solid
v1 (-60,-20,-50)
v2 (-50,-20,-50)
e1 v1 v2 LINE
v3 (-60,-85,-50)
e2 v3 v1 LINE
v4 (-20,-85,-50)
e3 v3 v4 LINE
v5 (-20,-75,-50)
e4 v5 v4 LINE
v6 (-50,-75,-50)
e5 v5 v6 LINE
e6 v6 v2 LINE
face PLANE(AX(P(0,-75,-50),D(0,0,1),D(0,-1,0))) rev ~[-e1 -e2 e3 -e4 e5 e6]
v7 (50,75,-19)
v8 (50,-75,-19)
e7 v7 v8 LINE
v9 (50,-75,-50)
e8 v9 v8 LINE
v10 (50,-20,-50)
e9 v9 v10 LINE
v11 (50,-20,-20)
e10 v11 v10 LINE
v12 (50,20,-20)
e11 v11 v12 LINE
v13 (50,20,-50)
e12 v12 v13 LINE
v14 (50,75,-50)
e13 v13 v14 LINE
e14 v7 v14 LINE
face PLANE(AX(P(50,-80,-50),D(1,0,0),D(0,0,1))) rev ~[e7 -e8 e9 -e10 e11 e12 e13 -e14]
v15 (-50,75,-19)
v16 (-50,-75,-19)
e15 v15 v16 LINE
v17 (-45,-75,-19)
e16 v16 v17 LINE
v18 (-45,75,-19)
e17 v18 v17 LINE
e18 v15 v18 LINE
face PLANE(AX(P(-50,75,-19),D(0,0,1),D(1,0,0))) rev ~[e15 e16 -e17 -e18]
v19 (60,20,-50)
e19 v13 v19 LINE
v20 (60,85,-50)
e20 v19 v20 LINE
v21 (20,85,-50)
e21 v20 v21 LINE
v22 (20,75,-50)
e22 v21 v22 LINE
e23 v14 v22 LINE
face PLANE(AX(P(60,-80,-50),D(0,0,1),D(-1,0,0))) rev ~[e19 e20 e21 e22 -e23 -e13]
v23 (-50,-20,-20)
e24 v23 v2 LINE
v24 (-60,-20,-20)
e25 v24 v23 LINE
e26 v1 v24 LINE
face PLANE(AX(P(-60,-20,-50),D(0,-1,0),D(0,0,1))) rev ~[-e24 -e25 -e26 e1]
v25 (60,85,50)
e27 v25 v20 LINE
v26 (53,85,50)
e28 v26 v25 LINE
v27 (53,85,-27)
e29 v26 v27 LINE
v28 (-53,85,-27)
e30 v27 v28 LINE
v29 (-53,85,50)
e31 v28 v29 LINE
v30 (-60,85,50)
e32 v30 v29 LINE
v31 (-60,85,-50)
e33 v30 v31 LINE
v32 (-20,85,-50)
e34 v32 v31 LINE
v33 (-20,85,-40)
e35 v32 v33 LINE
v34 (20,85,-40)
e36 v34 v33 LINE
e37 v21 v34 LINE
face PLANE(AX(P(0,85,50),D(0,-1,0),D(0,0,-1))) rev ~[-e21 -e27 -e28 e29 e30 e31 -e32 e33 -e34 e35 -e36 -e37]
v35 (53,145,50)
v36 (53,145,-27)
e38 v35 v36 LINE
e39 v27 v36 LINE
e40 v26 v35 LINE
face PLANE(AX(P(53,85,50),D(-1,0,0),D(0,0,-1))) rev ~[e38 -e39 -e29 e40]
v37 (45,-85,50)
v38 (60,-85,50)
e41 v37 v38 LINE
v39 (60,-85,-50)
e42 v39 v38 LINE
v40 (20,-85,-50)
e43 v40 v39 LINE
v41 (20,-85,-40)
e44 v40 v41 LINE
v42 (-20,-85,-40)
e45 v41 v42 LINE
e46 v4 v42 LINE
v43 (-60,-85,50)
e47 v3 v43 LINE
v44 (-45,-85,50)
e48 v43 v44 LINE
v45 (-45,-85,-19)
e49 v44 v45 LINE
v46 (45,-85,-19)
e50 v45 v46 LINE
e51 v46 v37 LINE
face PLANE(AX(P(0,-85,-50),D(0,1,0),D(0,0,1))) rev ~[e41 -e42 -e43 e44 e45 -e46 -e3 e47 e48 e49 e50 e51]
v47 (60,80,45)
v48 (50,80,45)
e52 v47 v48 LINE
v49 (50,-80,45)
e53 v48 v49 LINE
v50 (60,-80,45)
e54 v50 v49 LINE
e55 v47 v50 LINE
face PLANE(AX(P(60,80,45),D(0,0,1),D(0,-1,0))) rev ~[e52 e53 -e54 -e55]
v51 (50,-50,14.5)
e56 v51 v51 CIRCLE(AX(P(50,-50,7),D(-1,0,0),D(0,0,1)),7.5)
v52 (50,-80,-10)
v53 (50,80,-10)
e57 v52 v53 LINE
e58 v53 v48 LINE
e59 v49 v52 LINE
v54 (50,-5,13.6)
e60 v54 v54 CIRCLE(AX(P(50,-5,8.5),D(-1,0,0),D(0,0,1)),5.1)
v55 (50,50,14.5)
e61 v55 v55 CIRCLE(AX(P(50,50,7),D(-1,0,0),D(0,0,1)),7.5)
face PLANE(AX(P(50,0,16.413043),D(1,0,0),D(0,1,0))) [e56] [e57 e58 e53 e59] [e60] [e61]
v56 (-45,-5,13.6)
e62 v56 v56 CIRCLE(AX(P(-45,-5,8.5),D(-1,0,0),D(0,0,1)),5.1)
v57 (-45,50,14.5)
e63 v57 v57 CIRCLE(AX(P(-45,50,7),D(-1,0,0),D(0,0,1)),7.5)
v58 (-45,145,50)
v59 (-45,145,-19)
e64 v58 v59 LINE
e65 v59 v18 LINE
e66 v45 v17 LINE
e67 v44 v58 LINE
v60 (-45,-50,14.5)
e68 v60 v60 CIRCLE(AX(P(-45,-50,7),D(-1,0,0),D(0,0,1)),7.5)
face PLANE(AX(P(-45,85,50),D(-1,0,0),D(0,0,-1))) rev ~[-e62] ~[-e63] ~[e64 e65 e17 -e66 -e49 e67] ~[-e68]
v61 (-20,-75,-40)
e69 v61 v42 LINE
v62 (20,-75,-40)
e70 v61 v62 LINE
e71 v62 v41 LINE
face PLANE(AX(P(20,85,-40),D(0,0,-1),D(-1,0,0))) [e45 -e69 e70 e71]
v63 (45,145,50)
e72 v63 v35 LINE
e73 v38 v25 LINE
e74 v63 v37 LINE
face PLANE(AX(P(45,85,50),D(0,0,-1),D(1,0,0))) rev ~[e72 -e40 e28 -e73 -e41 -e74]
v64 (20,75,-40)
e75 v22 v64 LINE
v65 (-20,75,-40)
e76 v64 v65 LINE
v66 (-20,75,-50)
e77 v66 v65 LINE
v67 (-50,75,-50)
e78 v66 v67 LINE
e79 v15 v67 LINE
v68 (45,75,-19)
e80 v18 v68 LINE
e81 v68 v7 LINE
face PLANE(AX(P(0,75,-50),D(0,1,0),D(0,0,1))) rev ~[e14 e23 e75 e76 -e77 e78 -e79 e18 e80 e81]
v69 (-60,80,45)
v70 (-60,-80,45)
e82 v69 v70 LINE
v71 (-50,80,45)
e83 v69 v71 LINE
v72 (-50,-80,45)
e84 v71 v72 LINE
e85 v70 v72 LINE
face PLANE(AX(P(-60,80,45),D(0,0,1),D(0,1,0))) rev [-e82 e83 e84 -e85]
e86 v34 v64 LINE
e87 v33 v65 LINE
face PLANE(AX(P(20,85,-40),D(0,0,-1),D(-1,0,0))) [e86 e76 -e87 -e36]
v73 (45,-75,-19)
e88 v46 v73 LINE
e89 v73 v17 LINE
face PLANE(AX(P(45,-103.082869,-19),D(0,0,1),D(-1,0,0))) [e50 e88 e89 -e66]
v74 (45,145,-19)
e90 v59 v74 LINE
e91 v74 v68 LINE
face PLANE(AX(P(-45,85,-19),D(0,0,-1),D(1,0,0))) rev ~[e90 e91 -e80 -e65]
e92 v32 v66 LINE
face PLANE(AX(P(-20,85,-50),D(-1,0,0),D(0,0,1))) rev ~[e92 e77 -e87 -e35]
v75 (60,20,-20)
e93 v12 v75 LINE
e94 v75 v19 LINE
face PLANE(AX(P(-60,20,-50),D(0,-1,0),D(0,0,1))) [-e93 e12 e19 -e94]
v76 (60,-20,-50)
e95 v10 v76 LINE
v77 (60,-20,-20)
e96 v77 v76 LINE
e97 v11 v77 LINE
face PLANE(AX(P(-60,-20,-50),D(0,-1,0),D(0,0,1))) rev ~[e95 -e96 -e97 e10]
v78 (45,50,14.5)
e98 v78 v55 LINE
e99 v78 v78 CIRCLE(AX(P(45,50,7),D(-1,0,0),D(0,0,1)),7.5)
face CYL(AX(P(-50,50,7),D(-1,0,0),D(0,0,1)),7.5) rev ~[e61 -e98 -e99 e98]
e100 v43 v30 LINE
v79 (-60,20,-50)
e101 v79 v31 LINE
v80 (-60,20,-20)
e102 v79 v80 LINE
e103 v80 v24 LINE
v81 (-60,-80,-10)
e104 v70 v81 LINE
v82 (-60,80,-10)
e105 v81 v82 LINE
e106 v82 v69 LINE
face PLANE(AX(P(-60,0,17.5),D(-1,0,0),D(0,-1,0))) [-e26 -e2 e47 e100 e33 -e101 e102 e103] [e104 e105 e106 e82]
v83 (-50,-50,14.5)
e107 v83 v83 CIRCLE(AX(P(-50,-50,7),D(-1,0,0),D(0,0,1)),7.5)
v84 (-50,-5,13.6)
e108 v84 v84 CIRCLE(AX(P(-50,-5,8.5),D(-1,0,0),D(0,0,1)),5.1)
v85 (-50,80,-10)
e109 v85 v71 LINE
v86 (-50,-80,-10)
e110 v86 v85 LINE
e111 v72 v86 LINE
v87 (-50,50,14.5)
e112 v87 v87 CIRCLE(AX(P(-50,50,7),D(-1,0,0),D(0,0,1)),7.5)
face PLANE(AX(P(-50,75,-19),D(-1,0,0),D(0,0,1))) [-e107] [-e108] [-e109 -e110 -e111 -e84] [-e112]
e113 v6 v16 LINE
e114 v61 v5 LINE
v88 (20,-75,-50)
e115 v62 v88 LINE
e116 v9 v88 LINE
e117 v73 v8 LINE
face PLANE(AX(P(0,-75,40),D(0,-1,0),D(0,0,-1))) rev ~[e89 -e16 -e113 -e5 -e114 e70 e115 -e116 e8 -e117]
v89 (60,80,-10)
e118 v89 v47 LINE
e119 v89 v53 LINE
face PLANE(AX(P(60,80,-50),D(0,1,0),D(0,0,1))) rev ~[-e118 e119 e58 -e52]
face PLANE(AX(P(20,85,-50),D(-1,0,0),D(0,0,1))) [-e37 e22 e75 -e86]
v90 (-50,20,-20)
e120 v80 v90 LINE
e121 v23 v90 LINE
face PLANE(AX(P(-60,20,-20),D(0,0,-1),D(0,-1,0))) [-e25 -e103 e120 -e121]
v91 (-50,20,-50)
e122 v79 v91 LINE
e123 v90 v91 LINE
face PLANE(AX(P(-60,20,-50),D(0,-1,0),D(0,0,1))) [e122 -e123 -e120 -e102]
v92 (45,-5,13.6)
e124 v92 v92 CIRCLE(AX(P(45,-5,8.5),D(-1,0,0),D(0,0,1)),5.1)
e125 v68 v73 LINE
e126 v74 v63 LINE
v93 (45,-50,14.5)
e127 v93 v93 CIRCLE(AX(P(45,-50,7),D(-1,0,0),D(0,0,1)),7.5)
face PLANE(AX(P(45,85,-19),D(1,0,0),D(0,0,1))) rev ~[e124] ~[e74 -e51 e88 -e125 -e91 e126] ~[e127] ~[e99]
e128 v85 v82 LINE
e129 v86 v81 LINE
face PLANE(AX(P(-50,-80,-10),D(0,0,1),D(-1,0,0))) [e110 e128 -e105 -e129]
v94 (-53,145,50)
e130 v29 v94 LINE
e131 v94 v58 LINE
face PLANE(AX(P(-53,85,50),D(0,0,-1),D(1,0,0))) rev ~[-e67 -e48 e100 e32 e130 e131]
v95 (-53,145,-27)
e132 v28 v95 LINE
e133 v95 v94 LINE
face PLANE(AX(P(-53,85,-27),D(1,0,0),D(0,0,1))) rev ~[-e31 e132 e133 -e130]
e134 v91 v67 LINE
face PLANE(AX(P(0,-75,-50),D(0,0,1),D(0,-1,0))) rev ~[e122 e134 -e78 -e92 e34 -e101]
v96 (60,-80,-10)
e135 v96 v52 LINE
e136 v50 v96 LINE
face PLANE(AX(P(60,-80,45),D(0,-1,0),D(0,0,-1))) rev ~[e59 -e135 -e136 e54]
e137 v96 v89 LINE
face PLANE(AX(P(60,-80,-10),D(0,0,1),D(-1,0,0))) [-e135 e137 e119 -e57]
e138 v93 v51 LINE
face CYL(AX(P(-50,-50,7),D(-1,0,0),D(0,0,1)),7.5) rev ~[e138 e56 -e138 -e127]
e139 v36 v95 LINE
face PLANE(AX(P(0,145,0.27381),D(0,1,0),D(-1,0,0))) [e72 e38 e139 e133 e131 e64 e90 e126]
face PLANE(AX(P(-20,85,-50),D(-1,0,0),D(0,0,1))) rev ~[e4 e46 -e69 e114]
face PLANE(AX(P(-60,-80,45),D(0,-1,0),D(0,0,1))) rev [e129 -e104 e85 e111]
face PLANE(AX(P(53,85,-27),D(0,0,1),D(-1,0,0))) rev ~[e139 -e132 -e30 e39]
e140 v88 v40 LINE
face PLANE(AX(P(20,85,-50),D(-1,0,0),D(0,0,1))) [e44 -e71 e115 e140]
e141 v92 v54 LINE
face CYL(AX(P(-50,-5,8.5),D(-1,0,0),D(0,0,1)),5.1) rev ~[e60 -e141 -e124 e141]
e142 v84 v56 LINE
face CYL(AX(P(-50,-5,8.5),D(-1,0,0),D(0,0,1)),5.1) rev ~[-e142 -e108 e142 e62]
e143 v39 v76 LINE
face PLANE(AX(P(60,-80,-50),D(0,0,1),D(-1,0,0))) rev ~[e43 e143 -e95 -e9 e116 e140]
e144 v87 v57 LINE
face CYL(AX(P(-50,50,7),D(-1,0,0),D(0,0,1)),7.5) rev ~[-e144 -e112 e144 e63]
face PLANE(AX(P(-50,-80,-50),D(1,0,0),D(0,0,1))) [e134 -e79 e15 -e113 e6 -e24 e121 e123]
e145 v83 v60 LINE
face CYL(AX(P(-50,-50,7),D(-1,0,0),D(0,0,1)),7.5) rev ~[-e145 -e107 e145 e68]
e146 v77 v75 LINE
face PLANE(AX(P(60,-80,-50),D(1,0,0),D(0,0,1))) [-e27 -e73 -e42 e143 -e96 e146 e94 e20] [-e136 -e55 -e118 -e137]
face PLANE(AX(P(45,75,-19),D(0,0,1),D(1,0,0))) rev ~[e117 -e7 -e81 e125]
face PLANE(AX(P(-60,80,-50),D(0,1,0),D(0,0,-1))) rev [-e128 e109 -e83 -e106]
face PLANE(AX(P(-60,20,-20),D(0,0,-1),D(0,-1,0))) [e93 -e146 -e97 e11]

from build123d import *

# Parameters (mm, degrees)
BOSS_EXTRUDE1_DEPTH     = 60
CUT_EXTRUDE2_DEPTH      = 10
SKETCH4_R               = 1.5
CUT_EXTRUDE3_DEPTH      = 145.308696897
CUT_EXTRUDE4_DEPTH      = 188.082869339
CUT_EXTRUDE4_DEPTH_BACK = 188.082869339
SKETCH6_W               = 5
SKETCH6_H               = 59
BOSS_EXTRUDE2_DEPTH     = 150
SKETCH7_R               = 7.5
SKETCH7_R_2             = 5.1
CUT_EXTRUDE5_DEPTH      = 148.732867027
SKETCH9_W               = 40
SKETCH9_H               = 10
CUT_EXTRUDE6_DEPTH      = 188.082869339
SKETCH11_W              = 10
SKETCH11_H              = 40
BOSS_EXTRUDE6_DEPTH     = 160
SKETCH13_W              = 40
SKETCH13_H              = 30
CUT_EXTRUDE7_DEPTH      = 156.32224567
BOSS_EXTRUDE7_DEPTH     = 60


with BuildPart() as part:
    # Sketch1 → Boss-Extrude1 (new, symmetric)
    with BuildSketch(Plane.YZ):
        Polygon((85, 50), (85, -50), (75, -50), (75, 40), (-75, 40), (-75, -50), (-85, -50), (-85, 50), align=None)
    extrude(amount=BOSS_EXTRUDE1_DEPTH, both=True)

    # Sketch3 → Cut-Extrude2 (cut)
    with BuildSketch(Plane.YZ.offset(60)):
        Polygon((-80, 45), (-80, -50), (-75, -50), (-75, 40), (75, 40), (75, -50), (80, -50), (80, 45), align=None)
    cut_extrude2 = extrude(amount=-CUT_EXTRUDE2_DEPTH, mode=Mode.SUBTRACT)

    # Mirror1: Cut-Extrude2 across plane
    add(cut_extrude2.mirror(Plane(origin=(0, 0, 0), x_dir=(0, 0, 1), z_dir=(1, 0, 0))), mode=Mode.SUBTRACT)

    # Sketch4 → Cut-Extrude3 (cut, through all)
    with BuildSketch(Plane.XY.offset(50)):
        with Locations((-35, 0)):
            Circle(SKETCH4_R)
        with Locations((35, 0)):
            Circle(SKETCH4_R)
        with Locations((-35, 60)):
            Circle(SKETCH4_R)
        with Locations((35, 60)):
            Circle(SKETCH4_R)
    extrude(amount=-CUT_EXTRUDE3_DEPTH, mode=Mode.SUBTRACT)

    # Sketch5 → Cut-Extrude4 (cut, two sides: drawn at the far end of the back side and taken through both)
    with BuildSketch(Plane(origin=(0, 85, 0), x_dir=(-1, 0, 0), z_dir=(0, 1, 0)).offset(-CUT_EXTRUDE4_DEPTH_BACK)):
        Polygon((45, 50), (-45, 50), (-45, -19), (20, -19), (45, -19), align=None)
    extrude(amount=CUT_EXTRUDE4_DEPTH + CUT_EXTRUDE4_DEPTH_BACK, mode=Mode.SUBTRACT)

    # Sketch6 → Boss-Extrude2 (add)
    with BuildSketch(Plane.XZ.offset(-75)):
        with Locations((-47.5, 10.5)):
            Rectangle(SKETCH6_W, SKETCH6_H)
        with Locations((47.5, 10.5)):
            Rectangle(SKETCH6_W, SKETCH6_H)
    extrude(amount=BOSS_EXTRUDE2_DEPTH)

    # Sketch7 → Cut-Extrude5 (cut, through all)
    with BuildSketch(Plane(origin=(-50, 0, 0), x_dir=(0, -1, 0), z_dir=(-1, 0, 0))):
        with Locations(Location((-50, 7, 0), (0, 0, 90))):
            Circle(SKETCH7_R)
        with Locations(Location((5, 8.5, 0), (0, 0, 90))):
            Circle(SKETCH7_R_2)
        with Locations(Location((50, 7, 0), (0, 0, 90))):
            Circle(SKETCH7_R)
    extrude(amount=-CUT_EXTRUDE5_DEPTH, mode=Mode.SUBTRACT)

    # Sketch9 → Cut-Extrude6 (cut, through all)
    with BuildSketch(Plane(origin=(0, 85, 0), x_dir=(-1, 0, 0), z_dir=(0, 1, 0))):
        with Locations((0, -45)):
            Rectangle(SKETCH9_W, SKETCH9_H)
    extrude(amount=-CUT_EXTRUDE6_DEPTH, mode=Mode.SUBTRACT)

    # Sketch11 → Boss-Extrude6 (add)
    with BuildSketch(Plane(origin=(0, -80, 0), x_dir=(-1, 0, 0), z_dir=(0, 1, 0))):
        with Locations((-55, -30)):
            Rectangle(SKETCH11_W, SKETCH11_H)
        with Locations((55, -30)):
            Rectangle(SKETCH11_W, SKETCH11_H)
    extrude(amount=BOSS_EXTRUDE6_DEPTH)

    # Sketch13 → Cut-Extrude7 (cut, through all)
    with BuildSketch(Plane(origin=(-60, 0, 0), x_dir=(0, -1, 0), z_dir=(-1, 0, 0))):
        with Locations((0, -35)):
            Rectangle(SKETCH13_W, SKETCH13_H)
    extrude(amount=-CUT_EXTRUDE7_DEPTH, mode=Mode.SUBTRACT)

    # Sketch14 → Boss-Extrude7 (add)
    with BuildSketch(Plane(origin=(0, 85, 0), x_dir=(-1, 0, 0), z_dir=(0, 1, 0))):
        Polygon((-45, 50), (-53, 50), (-53, -27), (-44.583399228, -27), (53, -27), (53, -19), (53, 50), (45, 50), (45, -19), (-45, -19), align=None)
    extrude(amount=BOSS_EXTRUDE7_DEPTH)


solid = part.part
